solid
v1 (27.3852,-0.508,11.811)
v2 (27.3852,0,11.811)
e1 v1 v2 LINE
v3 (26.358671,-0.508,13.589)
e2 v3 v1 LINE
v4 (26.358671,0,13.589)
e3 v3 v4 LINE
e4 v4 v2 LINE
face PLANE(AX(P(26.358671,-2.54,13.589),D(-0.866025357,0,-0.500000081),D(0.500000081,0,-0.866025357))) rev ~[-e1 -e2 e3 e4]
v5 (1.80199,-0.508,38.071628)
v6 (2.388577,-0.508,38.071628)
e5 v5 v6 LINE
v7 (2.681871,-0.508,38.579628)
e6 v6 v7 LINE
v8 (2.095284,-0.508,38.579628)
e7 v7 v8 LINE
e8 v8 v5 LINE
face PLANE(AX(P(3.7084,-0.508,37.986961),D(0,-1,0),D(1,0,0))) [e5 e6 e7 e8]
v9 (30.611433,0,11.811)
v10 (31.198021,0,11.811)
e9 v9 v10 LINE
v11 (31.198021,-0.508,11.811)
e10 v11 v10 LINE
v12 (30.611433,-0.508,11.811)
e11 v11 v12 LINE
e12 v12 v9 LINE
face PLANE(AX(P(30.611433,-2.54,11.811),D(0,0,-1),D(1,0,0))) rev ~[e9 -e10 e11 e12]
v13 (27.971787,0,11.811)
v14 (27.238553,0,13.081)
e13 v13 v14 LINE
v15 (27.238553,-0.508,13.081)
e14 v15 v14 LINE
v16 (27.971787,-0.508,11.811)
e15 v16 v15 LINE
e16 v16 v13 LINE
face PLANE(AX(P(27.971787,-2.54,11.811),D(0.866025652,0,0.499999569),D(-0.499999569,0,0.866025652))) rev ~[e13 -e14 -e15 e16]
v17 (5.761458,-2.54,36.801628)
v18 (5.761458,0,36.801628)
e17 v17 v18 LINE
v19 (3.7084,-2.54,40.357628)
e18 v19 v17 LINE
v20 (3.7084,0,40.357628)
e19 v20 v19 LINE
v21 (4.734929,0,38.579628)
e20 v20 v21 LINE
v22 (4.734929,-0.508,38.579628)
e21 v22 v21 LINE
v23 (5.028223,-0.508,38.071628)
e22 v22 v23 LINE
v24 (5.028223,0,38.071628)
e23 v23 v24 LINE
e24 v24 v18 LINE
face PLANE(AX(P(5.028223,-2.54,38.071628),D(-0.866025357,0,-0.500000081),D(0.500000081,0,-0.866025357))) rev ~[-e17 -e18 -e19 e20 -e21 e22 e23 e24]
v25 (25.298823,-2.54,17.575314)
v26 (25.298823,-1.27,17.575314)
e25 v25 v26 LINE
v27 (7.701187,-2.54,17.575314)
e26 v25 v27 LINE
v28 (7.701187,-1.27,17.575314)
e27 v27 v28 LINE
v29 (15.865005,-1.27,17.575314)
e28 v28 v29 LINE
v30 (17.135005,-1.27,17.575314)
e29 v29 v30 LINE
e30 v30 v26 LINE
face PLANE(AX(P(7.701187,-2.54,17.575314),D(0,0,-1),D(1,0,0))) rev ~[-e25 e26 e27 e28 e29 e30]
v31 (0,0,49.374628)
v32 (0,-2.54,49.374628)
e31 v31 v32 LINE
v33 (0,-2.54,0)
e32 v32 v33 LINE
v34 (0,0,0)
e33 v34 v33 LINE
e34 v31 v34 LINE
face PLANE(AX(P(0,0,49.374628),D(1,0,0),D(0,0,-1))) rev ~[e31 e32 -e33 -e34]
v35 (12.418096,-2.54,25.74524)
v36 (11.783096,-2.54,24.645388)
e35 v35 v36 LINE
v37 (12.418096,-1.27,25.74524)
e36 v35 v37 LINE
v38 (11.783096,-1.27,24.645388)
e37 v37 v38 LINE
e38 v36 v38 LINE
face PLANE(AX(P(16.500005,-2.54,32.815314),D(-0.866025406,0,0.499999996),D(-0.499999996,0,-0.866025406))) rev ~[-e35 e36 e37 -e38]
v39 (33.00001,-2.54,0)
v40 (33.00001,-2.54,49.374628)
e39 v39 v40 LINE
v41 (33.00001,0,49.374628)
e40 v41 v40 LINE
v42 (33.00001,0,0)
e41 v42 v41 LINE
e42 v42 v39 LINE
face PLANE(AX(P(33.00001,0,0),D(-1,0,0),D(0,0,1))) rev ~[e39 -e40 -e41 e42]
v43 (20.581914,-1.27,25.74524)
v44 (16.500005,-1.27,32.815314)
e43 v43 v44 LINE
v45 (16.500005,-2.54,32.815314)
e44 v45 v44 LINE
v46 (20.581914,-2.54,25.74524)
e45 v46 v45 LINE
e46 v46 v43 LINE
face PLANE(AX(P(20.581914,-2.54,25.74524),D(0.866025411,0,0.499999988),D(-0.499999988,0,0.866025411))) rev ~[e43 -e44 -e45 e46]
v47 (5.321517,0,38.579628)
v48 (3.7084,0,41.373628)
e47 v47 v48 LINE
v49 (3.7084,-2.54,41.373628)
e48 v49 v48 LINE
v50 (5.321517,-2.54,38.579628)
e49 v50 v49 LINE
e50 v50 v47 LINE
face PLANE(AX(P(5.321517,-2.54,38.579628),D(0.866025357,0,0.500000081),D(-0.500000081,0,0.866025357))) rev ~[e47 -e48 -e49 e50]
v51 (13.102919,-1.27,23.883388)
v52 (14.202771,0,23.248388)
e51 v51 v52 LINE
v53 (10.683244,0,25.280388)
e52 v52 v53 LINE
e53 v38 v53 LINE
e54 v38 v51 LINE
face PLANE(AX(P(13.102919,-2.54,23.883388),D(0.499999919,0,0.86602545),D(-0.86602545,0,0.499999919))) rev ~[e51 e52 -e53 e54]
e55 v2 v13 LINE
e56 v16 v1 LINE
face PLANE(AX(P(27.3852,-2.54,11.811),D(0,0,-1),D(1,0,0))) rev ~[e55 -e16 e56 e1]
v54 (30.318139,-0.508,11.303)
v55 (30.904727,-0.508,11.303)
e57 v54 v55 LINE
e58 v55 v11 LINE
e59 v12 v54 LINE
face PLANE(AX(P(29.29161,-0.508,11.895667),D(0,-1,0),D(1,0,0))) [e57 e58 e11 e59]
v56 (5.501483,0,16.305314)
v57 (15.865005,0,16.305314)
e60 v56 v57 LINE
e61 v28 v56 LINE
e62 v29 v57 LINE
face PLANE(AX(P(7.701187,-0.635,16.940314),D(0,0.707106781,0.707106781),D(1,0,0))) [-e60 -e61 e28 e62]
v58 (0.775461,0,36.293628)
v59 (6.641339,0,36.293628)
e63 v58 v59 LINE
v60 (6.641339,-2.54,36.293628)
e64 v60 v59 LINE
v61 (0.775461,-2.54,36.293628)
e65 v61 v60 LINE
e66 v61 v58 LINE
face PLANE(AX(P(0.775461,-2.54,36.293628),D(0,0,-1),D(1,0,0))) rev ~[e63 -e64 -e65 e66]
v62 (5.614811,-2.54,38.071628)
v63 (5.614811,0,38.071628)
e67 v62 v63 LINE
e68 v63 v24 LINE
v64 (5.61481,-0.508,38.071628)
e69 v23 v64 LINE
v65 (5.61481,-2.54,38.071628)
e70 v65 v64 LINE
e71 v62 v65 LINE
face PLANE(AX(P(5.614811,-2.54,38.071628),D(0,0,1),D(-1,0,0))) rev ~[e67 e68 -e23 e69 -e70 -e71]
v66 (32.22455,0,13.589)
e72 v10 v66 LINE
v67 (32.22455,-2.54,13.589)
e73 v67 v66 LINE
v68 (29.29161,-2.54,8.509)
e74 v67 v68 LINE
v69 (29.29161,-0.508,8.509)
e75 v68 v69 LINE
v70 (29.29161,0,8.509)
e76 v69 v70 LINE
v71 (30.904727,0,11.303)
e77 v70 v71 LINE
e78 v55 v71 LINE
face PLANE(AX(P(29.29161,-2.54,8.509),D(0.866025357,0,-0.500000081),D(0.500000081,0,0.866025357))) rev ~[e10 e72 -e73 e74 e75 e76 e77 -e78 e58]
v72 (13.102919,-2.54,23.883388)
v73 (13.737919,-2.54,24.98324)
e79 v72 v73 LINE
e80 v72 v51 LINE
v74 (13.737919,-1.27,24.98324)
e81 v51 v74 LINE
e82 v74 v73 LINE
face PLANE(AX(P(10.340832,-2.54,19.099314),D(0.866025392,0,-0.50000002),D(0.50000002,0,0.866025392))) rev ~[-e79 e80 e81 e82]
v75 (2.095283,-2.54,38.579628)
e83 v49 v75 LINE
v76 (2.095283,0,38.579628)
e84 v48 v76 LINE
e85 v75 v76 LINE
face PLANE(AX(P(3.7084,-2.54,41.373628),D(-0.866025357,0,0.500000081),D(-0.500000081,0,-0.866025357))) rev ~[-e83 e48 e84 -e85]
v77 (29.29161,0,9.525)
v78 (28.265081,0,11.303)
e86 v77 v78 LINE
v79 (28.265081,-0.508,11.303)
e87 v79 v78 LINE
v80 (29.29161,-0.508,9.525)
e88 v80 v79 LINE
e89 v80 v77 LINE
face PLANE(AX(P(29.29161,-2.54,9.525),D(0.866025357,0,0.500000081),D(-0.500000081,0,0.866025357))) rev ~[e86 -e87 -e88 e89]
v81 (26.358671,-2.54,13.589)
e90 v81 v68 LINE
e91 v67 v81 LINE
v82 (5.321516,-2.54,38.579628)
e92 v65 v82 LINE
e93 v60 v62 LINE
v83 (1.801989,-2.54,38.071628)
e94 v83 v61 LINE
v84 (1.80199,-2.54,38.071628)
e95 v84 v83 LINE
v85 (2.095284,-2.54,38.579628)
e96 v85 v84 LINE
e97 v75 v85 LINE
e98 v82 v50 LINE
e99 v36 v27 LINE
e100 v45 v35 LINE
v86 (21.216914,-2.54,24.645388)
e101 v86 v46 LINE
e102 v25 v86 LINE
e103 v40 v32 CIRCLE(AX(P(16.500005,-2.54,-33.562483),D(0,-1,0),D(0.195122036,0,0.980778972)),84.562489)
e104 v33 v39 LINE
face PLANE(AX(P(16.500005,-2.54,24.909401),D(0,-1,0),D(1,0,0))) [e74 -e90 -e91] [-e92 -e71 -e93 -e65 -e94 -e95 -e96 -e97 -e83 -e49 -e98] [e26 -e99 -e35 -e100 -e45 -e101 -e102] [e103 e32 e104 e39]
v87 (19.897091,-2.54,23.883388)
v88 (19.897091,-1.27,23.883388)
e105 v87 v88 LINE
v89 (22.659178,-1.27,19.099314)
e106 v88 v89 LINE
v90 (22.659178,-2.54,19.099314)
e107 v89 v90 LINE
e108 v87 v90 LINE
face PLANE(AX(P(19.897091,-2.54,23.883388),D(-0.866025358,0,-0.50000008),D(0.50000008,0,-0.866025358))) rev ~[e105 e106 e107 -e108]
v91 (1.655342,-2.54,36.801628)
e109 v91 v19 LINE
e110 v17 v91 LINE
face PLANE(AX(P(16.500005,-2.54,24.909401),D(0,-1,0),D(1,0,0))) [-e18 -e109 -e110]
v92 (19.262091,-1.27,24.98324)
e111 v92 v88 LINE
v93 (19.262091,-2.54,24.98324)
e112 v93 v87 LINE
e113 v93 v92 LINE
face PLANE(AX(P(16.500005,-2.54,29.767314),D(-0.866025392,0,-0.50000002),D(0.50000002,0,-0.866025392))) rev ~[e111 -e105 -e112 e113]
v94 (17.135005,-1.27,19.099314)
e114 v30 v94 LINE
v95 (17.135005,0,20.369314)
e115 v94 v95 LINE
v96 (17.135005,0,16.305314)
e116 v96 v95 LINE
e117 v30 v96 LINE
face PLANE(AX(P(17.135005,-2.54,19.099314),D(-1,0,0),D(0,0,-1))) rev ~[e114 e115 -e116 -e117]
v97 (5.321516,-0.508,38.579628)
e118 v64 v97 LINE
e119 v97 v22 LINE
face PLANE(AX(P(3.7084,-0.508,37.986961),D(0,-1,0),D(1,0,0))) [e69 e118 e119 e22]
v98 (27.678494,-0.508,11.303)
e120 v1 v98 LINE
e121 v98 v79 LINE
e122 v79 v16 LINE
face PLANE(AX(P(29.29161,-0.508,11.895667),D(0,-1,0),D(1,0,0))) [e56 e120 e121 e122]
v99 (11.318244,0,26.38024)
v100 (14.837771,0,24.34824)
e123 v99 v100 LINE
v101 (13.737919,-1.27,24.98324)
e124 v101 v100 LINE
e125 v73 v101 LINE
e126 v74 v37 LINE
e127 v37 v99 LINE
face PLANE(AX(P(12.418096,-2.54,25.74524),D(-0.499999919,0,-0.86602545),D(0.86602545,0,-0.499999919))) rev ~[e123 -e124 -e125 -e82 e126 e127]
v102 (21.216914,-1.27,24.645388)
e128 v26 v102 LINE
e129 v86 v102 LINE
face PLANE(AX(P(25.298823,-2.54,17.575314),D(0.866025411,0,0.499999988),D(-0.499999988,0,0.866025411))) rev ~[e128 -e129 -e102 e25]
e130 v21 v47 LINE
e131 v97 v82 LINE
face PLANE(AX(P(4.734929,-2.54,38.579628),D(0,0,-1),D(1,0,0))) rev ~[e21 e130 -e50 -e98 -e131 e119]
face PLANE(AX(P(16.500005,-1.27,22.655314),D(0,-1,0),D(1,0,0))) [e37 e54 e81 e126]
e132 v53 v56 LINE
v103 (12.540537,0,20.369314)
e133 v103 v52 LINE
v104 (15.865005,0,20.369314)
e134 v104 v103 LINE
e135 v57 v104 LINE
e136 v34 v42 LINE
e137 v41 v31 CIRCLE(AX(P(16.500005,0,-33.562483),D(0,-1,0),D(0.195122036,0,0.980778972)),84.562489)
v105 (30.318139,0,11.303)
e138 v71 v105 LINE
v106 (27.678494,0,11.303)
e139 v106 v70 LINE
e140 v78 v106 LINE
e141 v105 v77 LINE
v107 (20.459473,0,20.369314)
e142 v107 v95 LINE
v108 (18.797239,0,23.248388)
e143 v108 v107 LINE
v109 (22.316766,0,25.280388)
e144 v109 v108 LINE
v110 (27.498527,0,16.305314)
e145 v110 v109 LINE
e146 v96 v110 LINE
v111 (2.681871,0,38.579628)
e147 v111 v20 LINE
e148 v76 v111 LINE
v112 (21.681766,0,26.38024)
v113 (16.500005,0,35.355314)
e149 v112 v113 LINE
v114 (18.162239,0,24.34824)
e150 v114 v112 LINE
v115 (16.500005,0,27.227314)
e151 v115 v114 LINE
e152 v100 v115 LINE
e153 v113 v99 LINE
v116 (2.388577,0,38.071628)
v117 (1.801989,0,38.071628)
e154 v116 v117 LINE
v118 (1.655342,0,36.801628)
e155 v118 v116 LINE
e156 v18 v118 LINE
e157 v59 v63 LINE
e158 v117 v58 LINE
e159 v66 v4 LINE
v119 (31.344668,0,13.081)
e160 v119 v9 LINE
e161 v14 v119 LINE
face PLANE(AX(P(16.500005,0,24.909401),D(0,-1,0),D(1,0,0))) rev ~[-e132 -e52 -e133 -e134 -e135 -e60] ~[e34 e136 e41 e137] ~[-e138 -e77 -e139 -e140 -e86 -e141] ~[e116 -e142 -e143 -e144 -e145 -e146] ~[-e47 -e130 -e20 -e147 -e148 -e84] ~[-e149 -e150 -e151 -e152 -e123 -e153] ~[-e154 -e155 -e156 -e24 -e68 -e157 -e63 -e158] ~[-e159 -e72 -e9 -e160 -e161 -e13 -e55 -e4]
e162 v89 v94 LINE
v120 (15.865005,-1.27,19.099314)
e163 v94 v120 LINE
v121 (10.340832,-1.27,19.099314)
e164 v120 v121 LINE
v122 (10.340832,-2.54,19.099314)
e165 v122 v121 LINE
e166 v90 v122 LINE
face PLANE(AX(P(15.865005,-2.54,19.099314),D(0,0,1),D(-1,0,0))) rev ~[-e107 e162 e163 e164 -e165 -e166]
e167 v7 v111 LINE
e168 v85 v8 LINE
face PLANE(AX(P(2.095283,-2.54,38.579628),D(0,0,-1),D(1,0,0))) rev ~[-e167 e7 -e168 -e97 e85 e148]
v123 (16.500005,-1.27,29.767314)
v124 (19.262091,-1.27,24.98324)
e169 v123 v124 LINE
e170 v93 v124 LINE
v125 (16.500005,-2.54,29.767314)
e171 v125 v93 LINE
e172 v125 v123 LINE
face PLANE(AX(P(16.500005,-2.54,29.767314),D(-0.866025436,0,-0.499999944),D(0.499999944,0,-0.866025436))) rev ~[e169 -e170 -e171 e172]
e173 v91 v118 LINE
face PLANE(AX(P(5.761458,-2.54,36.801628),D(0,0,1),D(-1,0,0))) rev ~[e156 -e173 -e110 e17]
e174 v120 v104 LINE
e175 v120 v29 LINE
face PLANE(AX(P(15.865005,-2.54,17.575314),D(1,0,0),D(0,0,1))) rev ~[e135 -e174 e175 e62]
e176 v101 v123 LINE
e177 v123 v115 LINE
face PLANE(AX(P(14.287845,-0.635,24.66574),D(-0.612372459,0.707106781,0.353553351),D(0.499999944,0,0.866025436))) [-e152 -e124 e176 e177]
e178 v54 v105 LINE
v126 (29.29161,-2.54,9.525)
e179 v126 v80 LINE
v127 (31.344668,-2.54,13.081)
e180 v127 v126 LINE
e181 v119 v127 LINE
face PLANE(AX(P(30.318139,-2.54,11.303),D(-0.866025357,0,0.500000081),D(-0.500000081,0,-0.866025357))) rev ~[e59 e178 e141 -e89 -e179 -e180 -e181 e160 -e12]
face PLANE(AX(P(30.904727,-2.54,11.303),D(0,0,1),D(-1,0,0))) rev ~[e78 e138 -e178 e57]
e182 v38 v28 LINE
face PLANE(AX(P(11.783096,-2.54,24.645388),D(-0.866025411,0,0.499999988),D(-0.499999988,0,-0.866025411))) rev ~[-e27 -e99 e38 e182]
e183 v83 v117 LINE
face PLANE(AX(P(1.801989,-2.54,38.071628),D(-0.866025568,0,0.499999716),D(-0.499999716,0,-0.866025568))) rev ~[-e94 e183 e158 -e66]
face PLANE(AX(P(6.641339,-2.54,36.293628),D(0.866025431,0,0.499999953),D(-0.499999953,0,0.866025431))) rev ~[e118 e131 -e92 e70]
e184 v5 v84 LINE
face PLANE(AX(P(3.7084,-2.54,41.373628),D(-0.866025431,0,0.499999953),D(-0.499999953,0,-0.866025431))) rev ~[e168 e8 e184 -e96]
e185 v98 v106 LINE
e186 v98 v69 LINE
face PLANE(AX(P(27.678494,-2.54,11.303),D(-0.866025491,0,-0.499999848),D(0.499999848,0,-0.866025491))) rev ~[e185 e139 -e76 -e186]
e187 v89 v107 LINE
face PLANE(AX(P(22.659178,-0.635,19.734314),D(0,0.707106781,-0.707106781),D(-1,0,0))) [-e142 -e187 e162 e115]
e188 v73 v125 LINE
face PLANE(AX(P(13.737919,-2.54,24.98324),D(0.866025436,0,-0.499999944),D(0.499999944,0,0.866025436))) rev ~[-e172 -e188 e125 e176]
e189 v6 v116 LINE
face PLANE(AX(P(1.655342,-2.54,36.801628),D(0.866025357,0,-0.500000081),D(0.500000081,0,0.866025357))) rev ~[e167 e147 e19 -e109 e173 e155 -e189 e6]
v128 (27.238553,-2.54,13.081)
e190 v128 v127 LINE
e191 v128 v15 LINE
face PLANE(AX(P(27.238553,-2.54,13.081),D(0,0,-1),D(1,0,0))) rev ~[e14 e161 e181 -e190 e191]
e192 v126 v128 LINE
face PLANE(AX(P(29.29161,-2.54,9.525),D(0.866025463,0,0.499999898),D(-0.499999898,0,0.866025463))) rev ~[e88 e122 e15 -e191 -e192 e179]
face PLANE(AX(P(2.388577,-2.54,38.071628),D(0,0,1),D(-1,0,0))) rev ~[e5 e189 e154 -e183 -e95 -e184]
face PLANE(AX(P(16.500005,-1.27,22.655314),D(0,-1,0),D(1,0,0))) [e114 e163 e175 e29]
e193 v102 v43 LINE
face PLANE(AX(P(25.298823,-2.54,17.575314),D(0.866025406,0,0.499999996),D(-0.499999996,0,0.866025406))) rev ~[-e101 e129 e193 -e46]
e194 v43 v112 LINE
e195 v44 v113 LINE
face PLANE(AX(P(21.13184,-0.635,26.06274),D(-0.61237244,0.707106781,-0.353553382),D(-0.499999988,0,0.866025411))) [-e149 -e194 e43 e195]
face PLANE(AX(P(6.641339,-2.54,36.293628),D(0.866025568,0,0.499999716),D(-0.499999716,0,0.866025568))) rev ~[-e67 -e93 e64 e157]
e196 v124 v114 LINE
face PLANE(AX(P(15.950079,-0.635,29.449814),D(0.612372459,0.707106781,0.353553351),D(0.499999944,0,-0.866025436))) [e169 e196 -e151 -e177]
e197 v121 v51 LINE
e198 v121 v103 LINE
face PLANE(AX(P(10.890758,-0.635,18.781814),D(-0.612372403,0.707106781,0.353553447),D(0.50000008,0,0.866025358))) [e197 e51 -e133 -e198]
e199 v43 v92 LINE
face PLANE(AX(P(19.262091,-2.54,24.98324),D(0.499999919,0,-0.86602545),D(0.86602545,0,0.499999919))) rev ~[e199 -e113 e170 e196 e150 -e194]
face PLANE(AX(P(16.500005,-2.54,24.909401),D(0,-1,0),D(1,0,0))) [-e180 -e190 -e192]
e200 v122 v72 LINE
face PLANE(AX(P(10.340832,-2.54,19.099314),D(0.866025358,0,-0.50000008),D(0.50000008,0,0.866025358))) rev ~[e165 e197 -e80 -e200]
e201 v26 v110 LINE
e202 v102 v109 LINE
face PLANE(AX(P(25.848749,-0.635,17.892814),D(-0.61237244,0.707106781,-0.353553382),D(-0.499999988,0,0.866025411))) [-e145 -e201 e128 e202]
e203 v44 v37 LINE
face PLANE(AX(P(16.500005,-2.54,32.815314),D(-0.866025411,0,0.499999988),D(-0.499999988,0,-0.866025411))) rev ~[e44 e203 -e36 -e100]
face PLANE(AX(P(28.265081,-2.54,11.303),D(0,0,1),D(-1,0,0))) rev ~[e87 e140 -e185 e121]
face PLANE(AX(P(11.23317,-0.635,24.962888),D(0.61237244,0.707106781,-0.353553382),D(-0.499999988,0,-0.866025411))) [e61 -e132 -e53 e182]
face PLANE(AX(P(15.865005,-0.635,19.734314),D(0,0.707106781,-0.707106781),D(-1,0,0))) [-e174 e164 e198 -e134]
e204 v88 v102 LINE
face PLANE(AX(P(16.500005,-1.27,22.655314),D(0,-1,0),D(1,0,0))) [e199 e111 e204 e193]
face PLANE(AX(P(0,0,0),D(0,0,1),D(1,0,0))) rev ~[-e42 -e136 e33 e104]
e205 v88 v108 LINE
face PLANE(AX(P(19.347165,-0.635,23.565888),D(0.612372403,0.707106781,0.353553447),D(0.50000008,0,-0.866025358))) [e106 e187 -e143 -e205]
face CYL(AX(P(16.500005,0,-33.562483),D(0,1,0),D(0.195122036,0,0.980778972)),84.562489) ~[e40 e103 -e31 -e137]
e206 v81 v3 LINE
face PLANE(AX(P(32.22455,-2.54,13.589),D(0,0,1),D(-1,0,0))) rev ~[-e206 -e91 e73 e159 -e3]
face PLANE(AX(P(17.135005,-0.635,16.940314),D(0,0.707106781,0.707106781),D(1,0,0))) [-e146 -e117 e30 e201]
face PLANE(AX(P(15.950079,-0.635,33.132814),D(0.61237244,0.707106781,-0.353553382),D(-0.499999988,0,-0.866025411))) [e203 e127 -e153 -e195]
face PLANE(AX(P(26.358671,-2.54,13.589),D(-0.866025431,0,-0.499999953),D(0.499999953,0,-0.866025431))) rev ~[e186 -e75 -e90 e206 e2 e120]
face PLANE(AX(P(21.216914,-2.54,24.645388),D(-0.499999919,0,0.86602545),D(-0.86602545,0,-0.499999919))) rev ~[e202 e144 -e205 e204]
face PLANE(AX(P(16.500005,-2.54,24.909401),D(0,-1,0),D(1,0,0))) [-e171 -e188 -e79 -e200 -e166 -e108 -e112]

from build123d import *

# Parameters (mm, degrees)
F1_DEPTH = 2.54
F3_DEPTH = 25.4
F5_DEPTH = 2.032
F7_DEPTH = 1.27
F8_SIZE  = 1.27


with BuildPart() as f1:
    # F0 (on Front) → F1 (new body)
    with BuildSketch(Plane.XZ):
        with BuildLine():
            ThreePointArc((33.00001, 49.374628), (16.500005, 51.000006), (0, 49.374628))
            Line((0, 49.374628), (0, 0))
            Line((0, 0), (33.00001, 0))
            Line((33.00001, 0), (33.00001, 49.374628))
        make_face()
    extrude(amount=F1_DEPTH)

    # F2 (on face) → F3 (cut)
    with BuildSketch(Plane.XZ.offset(2.54)):
        Polygon((20.581914, 25.74524), (16.500005, 32.815314), (12.418096, 25.74524), (13.737919, 24.98324), (16.500005, 29.767314), (19.262091, 24.98324), align=None)
        Polygon((11.783096, 24.645388), (7.701187, 17.575314), (15.865005, 17.575314), (15.865005, 19.099314), (10.340832, 19.099314), (13.102919, 23.883388), align=None)
        Polygon((17.135005, 17.575314), (25.298823, 17.575314), (21.216914, 24.645388), (19.897091, 23.883388), (22.659178, 19.099314), (17.135005, 19.099314), align=None)
        Polygon((32.22455, 13.589), (26.358671, 13.589), (27.3852, 11.811), (27.971787, 11.811), (27.238553, 13.081), (29.29161, 13.081), (31.344668, 13.081), (30.611433, 11.811), (31.198021, 11.811), align=None)
        Polygon((27.678494, 11.303), (29.29161, 8.509), (30.904727, 11.303), (30.318139, 11.303), (29.29161, 9.525), (28.265081, 11.303), align=None)
        Polygon((1.801989, 38.071628), (0.775461, 36.293628), (6.641339, 36.293628), (5.614811, 38.071628), (5.028223, 38.071628), (5.761458, 36.801628), (1.655342, 36.801628), (2.388577, 38.071628), align=None)
        Polygon((5.321517, 38.579628), (3.7084, 41.373628), (2.095283, 38.579628), (2.681871, 38.579628), (3.7084, 40.357628), (4.734929, 38.579628), align=None)
    extrude(amount=-F3_DEPTH, mode=Mode.SUBTRACT)

    # F4 (on face) → F5 (cut)
    with BuildSketch(Plane.XZ.offset(2.54)):
        Polygon((6.641339, 36.293628), (3.7084, 41.373628), (0.775461, 36.293628), align=None)
        Polygon((1.655342, 36.801628), (3.7084, 40.357628), (5.761458, 36.801628), align=None, mode=Mode.SUBTRACT)
        Polygon((32.22455, 13.589), (26.358671, 13.589), (29.29161, 8.509), align=None)
        Polygon((29.29161, 9.525), (27.238553, 13.081), (31.344668, 13.081), align=None, mode=Mode.SUBTRACT)
    extrude(amount=-F5_DEPTH, mode=Mode.SUBTRACT)

    # F6 (on face) → F7 (cut)
    with BuildSketch(Plane.XZ.offset(2.54)):
        Polygon((25.298823, 17.575314), (16.500005, 32.815314), (7.701187, 17.575314), align=None)
        Polygon((10.340832, 19.099314), (16.500005, 29.767314), (22.659178, 19.099314), align=None, mode=Mode.SUBTRACT)
    extrude(amount=-F7_DEPTH, mode=Mode.SUBTRACT)

    # F8
    f8_edges = [f1.edges().sort_by_distance(p)[0] for p in [
        (23.257869, 0, 21.110351),
        (18.54096, 0, 29.280277),
        (9.742142, 0, 21.110351),
        (14.459051, 0, 29.280277),
        (11.783096, 0, 17.575314),
        (21.216914, 0, 17.575314),
        (21.278135, 0, 21.491351),
        (17.881048, 0, 27.375277),
        (13.102919, 0, 19.099314),
        (19.897091, 0, 19.099314),
        (11.721876, 0, 21.491351),
        (15.118962, 0, 27.375277),
    ]]
    chamfer(f8_edges, length=F8_SIZE)


solid = f1.part
